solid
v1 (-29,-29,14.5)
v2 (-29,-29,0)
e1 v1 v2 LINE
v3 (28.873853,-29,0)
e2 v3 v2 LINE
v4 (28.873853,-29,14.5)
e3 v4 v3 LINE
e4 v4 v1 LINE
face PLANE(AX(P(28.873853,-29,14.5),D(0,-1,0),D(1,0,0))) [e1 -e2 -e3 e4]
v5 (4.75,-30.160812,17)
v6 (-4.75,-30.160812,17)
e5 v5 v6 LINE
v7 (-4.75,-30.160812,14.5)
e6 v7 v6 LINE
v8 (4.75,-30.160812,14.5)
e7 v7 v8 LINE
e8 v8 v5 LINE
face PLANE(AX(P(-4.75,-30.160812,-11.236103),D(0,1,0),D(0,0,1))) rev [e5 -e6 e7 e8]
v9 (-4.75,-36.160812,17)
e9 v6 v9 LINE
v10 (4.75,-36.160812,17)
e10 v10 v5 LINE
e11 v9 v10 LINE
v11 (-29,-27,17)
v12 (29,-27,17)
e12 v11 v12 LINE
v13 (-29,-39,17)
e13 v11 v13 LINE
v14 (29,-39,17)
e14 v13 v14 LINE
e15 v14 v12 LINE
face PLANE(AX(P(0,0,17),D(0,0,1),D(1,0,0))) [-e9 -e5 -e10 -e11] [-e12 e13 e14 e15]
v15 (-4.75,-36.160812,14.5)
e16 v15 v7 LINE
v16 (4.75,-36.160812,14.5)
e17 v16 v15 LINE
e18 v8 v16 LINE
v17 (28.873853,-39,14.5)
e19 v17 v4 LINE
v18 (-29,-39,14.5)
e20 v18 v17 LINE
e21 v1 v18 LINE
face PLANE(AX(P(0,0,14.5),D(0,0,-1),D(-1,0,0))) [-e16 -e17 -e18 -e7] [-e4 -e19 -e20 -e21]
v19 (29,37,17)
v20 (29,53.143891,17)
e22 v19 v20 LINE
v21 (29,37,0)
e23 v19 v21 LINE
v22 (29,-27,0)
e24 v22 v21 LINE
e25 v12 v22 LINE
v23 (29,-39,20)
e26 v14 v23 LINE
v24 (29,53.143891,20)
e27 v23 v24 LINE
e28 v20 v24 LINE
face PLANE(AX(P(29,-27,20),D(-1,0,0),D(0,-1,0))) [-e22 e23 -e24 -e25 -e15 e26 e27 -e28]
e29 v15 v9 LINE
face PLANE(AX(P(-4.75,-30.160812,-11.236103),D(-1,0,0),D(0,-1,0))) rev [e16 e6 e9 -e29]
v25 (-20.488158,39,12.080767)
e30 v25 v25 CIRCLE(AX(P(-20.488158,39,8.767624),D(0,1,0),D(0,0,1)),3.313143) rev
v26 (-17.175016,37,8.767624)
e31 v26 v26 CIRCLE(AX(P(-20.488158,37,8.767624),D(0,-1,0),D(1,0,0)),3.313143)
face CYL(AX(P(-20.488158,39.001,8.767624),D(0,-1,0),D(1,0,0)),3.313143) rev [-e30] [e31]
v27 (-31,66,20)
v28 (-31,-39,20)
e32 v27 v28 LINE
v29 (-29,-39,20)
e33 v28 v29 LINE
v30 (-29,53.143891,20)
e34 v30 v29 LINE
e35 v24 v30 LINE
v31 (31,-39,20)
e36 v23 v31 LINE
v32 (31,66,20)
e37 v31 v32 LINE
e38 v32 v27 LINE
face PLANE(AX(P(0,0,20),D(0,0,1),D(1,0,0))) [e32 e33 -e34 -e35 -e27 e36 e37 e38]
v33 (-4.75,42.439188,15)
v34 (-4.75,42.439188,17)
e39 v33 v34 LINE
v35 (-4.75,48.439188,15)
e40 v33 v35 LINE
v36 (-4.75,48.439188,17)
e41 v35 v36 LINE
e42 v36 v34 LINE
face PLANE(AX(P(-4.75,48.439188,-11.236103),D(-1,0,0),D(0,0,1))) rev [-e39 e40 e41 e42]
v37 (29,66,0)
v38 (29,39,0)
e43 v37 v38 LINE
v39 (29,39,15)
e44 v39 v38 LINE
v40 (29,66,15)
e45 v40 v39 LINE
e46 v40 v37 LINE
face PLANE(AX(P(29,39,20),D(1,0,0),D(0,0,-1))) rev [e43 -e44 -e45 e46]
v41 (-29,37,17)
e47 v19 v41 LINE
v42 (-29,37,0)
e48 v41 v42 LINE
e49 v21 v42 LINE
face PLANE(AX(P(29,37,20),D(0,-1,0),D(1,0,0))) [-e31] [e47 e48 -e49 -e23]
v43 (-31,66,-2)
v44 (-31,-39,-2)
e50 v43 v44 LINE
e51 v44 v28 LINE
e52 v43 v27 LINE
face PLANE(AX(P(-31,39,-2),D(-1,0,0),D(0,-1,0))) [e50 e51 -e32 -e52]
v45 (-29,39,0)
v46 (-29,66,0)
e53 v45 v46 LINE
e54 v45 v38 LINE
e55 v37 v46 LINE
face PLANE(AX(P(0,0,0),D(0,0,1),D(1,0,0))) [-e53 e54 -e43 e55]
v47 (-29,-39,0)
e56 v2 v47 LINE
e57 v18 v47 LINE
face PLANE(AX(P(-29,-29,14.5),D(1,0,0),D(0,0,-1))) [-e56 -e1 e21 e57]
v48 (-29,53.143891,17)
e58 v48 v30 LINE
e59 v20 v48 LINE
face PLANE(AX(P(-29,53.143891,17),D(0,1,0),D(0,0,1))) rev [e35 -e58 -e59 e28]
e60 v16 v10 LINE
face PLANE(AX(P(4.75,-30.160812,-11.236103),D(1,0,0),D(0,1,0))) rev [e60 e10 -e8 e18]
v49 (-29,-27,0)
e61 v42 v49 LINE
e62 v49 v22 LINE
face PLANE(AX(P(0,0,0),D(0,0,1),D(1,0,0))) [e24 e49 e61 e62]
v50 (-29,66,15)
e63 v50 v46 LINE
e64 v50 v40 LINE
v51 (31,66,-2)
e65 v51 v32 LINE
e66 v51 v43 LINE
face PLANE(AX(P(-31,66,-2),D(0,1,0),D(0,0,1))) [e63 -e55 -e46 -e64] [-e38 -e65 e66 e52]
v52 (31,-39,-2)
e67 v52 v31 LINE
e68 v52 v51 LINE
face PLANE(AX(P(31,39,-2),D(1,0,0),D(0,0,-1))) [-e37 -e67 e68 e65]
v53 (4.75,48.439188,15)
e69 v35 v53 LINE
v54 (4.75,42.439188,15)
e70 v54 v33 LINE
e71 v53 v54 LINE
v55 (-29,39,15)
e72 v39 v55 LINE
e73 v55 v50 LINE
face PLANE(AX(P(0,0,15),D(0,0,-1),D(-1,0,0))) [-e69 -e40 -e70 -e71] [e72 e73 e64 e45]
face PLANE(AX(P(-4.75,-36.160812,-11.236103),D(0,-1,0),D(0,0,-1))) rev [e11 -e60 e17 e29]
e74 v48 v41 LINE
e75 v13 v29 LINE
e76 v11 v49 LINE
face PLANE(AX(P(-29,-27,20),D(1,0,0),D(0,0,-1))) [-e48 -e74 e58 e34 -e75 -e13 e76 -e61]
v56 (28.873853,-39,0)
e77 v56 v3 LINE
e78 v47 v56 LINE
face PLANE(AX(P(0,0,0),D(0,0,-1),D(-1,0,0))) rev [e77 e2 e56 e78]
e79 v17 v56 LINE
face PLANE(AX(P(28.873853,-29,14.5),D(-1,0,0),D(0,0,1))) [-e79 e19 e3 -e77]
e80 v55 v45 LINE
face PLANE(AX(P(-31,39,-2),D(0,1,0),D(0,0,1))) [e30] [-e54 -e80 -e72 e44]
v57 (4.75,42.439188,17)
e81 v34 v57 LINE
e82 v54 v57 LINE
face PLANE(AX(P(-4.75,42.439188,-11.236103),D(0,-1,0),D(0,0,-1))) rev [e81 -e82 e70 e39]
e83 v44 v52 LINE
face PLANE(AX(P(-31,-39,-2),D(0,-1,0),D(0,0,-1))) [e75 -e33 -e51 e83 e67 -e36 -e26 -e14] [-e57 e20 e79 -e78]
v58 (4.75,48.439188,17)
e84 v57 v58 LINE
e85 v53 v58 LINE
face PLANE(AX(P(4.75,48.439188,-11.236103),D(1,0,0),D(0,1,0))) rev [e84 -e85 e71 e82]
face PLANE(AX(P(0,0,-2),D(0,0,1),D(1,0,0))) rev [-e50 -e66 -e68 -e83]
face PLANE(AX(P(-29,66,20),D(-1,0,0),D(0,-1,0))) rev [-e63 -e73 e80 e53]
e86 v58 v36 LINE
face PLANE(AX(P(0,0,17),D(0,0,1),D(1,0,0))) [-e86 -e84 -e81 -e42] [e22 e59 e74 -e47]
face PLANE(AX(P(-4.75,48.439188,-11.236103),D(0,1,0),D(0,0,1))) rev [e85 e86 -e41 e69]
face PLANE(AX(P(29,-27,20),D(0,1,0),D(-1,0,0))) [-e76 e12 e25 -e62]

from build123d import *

# Parameters (mm, degrees)
SKETCH1_W           = 62
SKETCH1_H           = 78
BOSS_EXTRUDE1_DEPTH = 2
SKETCH2_W           = 62
SKETCH2_H           = 78
SKETCH2_W_2         = 58
SKETCH2_H_2         = 64
BOSS_EXTRUDE2_DEPTH = 20
CUT_EXTRUDE1_REACH  = 86.481
SKETCH3_R           = 3.313142946
SKETCH4_W           = 62
SKETCH4_H           = 27
BOSS_EXTRUDE3_DEPTH = 2
SKETCH5_W           = 2
SKETCH5_H           = 27
BOSS_EXTRUDE4_DEPTH = 20
SKETCH6_W           = 58
SKETCH6_H           = 27
BOSS_EXTRUDE5_DEPTH = 2
SKETCH9_W           = 57.873853322
SKETCH9_H           = 10
CUT_EXTRUDE4_DEPTH  = 14.5
SKETCH12_W          = 58
SKETCH12_H          = 27
BOSS_EXTRUDE6_DEPTH = 3
SKETCH13_W          = 58
SKETCH13_H          = 92.14389058
CUT_EXTRUDE6_DEPTH  = 3
CUT_EXTRUDE7_REACH  = 77.353
SKETCH14_W          = 9.5
SKETCH14_H          = 6


with BuildPart() as part:
    # Sketch1 → Boss-Extrude1 (new body)
    with BuildSketch(Plane.XY):
        Rectangle(SKETCH1_W, SKETCH1_H)
    extrude(amount=-BOSS_EXTRUDE1_DEPTH)

    # Sketch2 → Boss-Extrude2 (add)
    with BuildSketch(Plane.XY):
        Rectangle(SKETCH2_W, SKETCH2_H)
        with Locations((0, 5)):
            Rectangle(SKETCH2_W_2, SKETCH2_H_2, mode=Mode.SUBTRACT)
    extrude(amount=BOSS_EXTRUDE2_DEPTH)

    # Sketch3 → Cut-Extrude1 (cut, up to next)
    with BuildSketch(Plane.XZ.offset(-37), mode=Mode.PRIVATE) as cut_extrude1_sk1:
        with Locations((-20.488158498, 8.767623766)):
            Circle(SKETCH3_R)
    cut_extrude1_tool1 = extrude(cut_extrude1_sk1.sketch, amount=-CUT_EXTRUDE1_REACH, mode=Mode.PRIVATE) & part.part
    add(cut_extrude1_tool1.solids().sort_by_distance((-20.488158, 37, 8.767624))[0], mode=Mode.SUBTRACT)

    # Sketch4 → Boss-Extrude3 (add)
    with BuildSketch(Plane.XY):
        with Locations((0, 52.5)):
            Rectangle(SKETCH4_W, SKETCH4_H)
    extrude(amount=-BOSS_EXTRUDE3_DEPTH)

    # Sketch5 → Boss-Extrude4 (add)
    with BuildSketch(Plane.XY):
        with Locations((-30, 52.5)):
            Rectangle(SKETCH5_W, SKETCH5_H)
        with Locations((30, 52.5)):
            Rectangle(SKETCH5_W, SKETCH5_H)
    extrude(amount=BOSS_EXTRUDE4_DEPTH)

    # Sketch6 → Boss-Extrude5 (add)
    with BuildSketch(Plane.XY.offset(20)):
        with Locations((0, 52.5)):
            Rectangle(SKETCH6_W, SKETCH6_H)
    extrude(amount=-BOSS_EXTRUDE5_DEPTH)

    # Sketch9 → Cut-Extrude4 (cut)
    with BuildSketch(Plane.XY):
        with Locations((-0.063073339, -34)):
            Rectangle(SKETCH9_W, SKETCH9_H)
    extrude(amount=CUT_EXTRUDE4_DEPTH, mode=Mode.SUBTRACT)

    # Sketch12 → Boss-Extrude6 (add)
    with BuildSketch(Plane(origin=(0, 0, 18), x_dir=(-1, 0, 0), z_dir=(0, 0, -1))):
        with Locations((0, 52.5)):
            Rectangle(SKETCH12_W, SKETCH12_H)
    extrude(amount=BOSS_EXTRUDE6_DEPTH)

    # Sketch13 → Cut-Extrude6 (cut)
    with BuildSketch(Plane.XY.offset(20)):
        with Locations((0, 7.07194529)):
            Rectangle(SKETCH13_W, SKETCH13_H)
    extrude(amount=-CUT_EXTRUDE6_DEPTH, mode=Mode.SUBTRACT)

    # Cut-Extrude7: up to this face of the body (flat: up to its plane)
    cut_extrude7_end = Plane(part.part.faces().sort_by_distance((-0.063073339, -34, 0))[0])
    # Sketch14 → Cut-Extrude7 (cut, up to the picked face)
    with BuildSketch(Plane.XY.offset(17), mode=Mode.PRIVATE) as cut_extrude7_sk1:
        with Locations((0, 45.439187808)):
            Rectangle(SKETCH14_W, SKETCH14_H)
    cut_extrude7_tool1 = split(extrude(cut_extrude7_sk1.sketch, amount=-CUT_EXTRUDE7_REACH, mode=Mode.PRIVATE), bisect_by=cut_extrude7_end, keep=Keep.BOTH, mode=Mode.PRIVATE)
    # Sketch14 → Cut-Extrude7 (cut, up to the picked face)
    with BuildSketch(Plane.XY.offset(17), mode=Mode.PRIVATE) as cut_extrude7_sk2:
        with Locations((0, -33.160812192)):
            Rectangle(SKETCH14_W, SKETCH14_H)
    cut_extrude7_tool2 = split(extrude(cut_extrude7_sk2.sketch, amount=-CUT_EXTRUDE7_REACH, mode=Mode.PRIVATE), bisect_by=cut_extrude7_end, keep=Keep.BOTH, mode=Mode.PRIVATE)
    add(cut_extrude7_tool1.solids().sort_by(Axis((0, 45.439188, 17), (0, 0, -1)))[0], mode=Mode.SUBTRACT)
    add(cut_extrude7_tool2.solids().sort_by(Axis((0, -33.160812, 17), (0, 0, -1)))[0], mode=Mode.SUBTRACT)


solid = part.part
